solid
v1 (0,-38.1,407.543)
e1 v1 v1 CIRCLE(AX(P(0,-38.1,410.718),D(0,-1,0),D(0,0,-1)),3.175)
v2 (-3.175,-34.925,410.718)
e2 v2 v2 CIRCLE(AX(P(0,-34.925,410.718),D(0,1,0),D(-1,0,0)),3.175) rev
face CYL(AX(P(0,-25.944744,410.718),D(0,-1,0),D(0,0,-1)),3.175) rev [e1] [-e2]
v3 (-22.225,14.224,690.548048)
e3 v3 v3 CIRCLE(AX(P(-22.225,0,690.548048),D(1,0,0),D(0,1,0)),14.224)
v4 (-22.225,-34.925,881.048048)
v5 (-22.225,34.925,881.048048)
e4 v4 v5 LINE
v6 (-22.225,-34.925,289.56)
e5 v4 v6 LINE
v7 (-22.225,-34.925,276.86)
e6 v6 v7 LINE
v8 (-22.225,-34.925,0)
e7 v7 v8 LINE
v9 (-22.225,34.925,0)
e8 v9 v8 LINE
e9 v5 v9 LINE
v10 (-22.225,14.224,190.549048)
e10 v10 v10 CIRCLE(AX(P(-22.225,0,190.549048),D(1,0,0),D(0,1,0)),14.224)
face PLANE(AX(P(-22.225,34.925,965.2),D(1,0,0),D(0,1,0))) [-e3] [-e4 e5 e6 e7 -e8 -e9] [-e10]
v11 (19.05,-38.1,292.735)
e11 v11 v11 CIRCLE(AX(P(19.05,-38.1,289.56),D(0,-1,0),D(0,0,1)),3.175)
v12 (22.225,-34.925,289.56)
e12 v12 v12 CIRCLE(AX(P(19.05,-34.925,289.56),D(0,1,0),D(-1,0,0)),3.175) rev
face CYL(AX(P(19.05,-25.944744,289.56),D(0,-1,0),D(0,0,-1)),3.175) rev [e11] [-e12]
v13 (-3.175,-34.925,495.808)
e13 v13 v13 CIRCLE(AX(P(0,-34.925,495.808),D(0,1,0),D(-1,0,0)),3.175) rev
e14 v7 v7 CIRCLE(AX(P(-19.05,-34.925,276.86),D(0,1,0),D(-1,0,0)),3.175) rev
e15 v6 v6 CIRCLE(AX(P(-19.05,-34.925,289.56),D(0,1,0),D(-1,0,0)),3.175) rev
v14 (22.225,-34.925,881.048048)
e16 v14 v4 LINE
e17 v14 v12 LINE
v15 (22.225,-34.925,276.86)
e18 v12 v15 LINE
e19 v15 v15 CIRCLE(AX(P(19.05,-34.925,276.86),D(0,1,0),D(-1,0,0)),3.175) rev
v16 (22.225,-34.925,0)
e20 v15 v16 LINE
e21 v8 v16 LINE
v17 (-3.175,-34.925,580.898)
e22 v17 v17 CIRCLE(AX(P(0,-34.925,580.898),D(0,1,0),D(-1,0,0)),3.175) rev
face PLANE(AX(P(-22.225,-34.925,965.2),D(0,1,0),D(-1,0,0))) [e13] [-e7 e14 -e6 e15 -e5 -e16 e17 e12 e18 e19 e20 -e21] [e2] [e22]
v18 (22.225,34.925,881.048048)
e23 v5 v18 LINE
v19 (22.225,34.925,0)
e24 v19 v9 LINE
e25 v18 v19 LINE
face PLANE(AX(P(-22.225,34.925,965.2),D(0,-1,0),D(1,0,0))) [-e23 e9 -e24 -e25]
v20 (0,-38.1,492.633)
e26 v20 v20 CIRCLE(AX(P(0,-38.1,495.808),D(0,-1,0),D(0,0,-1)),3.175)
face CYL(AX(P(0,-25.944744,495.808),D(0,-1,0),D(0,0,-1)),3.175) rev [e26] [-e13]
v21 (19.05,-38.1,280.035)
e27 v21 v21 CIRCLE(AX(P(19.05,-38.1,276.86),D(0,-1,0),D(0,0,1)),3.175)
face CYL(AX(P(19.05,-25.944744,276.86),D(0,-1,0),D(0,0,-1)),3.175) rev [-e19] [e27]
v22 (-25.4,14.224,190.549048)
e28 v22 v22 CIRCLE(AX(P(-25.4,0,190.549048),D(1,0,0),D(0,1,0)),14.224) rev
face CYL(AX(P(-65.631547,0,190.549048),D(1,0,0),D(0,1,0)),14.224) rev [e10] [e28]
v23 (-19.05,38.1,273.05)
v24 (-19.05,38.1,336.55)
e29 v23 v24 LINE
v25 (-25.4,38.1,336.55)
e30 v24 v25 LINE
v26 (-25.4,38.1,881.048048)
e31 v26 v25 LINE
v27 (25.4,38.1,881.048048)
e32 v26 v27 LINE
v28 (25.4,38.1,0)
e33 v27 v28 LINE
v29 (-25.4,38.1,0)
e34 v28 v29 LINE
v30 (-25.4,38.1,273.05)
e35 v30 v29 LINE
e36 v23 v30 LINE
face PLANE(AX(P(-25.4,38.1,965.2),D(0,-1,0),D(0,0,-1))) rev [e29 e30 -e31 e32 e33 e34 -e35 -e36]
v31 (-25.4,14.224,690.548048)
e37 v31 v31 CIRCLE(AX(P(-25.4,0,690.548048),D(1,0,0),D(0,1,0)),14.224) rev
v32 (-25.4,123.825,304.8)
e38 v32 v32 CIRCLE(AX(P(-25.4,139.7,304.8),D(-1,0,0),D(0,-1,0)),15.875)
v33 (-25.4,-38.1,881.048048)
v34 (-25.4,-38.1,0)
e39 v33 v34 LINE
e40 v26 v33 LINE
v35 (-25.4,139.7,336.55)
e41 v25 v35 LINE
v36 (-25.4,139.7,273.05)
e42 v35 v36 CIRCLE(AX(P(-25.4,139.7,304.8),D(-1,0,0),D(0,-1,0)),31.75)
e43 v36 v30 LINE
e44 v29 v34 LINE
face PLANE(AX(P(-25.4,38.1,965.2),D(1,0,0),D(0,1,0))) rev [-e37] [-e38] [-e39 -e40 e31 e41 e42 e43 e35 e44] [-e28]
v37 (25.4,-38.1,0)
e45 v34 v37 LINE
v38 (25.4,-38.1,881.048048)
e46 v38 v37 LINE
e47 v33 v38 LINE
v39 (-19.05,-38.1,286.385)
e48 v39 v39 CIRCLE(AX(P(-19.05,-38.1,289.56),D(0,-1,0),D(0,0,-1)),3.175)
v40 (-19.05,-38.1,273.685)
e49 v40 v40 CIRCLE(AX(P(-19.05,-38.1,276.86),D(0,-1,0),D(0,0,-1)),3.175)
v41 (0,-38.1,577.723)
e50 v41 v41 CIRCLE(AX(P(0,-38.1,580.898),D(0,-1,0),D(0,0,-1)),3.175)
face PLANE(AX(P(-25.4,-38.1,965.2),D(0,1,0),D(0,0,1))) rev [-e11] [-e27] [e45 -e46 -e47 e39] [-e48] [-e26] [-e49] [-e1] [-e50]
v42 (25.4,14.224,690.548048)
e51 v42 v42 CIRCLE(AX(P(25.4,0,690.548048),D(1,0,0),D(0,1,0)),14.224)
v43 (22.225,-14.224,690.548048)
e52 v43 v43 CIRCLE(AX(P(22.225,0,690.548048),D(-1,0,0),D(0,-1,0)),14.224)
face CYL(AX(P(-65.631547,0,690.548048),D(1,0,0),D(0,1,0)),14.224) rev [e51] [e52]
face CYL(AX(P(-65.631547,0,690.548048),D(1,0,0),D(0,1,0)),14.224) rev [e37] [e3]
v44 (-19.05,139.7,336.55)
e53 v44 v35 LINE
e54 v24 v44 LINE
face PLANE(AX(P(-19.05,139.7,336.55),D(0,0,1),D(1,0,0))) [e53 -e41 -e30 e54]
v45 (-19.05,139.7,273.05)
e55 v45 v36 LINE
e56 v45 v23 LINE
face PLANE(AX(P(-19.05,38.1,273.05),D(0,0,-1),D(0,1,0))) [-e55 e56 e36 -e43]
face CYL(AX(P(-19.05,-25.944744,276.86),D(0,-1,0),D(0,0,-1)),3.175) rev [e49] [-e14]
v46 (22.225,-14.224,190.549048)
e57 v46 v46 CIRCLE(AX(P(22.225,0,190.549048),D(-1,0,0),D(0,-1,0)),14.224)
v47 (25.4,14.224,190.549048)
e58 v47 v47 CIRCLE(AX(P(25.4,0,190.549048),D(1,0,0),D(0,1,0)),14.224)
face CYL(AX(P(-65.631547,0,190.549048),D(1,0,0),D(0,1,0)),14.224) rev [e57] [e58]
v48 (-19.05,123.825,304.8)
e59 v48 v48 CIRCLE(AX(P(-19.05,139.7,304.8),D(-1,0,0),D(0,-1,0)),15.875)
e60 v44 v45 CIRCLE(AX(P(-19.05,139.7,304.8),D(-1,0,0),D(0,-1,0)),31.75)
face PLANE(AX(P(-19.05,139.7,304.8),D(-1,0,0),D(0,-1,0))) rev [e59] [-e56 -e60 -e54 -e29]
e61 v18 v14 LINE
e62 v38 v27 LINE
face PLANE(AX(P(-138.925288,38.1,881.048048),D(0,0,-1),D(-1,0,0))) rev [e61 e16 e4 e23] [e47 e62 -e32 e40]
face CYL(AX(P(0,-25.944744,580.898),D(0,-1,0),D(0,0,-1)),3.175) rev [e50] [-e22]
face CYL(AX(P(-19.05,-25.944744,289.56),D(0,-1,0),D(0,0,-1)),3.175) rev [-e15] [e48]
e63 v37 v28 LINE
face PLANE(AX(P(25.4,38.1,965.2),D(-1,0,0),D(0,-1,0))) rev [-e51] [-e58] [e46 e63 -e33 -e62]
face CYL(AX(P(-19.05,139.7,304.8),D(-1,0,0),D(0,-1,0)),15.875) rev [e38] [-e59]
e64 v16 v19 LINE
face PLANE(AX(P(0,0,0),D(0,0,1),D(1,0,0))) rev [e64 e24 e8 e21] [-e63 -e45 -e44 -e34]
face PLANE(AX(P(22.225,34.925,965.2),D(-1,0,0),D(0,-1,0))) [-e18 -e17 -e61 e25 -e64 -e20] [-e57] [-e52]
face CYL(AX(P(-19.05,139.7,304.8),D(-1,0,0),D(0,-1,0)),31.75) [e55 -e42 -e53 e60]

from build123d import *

# Parameters (mm, degrees)
SKETCH1_W           = 50.8
SKETCH1_H           = 76.2
SKETCH1_W_2         = 44.45
SKETCH1_H_2         = 69.85
BOSS_EXTRUDE1_DEPTH = 965.2
CUT_EXTRUDE1_REACH  = 969.287
SKETCH4_R           = 14.224
SKETCH5_R           = 3.175
CUT_EXTRUDE2_DEPTH  = 3.175
CUT_EXTRUDE3_REACH  = 969.287
SKETCH6_W           = 84.151951589
SKETCH6_H           = 76.2
SKETCH7_R           = 15.875
BOSS_EXTRUDE2_DEPTH = 6.35


with BuildPart() as part:
    # Sketch1 → Boss-Extrude1 (new body)
    with BuildSketch(Plane.XY):
        Rectangle(SKETCH1_W, SKETCH1_H)
        Rectangle(SKETCH1_W_2, SKETCH1_H_2, mode=Mode.SUBTRACT)
    extrude(amount=BOSS_EXTRUDE1_DEPTH)

    # Cut-Extrude1: up to this face of the body (flat: up to its plane)
    cut_extrude1_end = Plane(part.part.faces().sort_by_distance((-25.4, 0, 482.6))[0])
    # Sketch4 → Cut-Extrude1 (cut, up to the picked face)
    with BuildSketch(Plane(origin=(25.4, 0, 0), x_dir=(0, 0, -1), z_dir=(1, 0, 0)), mode=Mode.PRIVATE) as cut_extrude1_sk1:
        with Locations(Location((-690.548048411, 0, 0), (0, 0, 90))):
            Circle(SKETCH4_R)
    cut_extrude1_tool1 = split(extrude(cut_extrude1_sk1.sketch, amount=-CUT_EXTRUDE1_REACH, mode=Mode.PRIVATE), bisect_by=cut_extrude1_end, keep=Keep.BOTH, mode=Mode.PRIVATE)
    # Sketch4 → Cut-Extrude1 (cut, up to the picked face)
    with BuildSketch(Plane(origin=(25.4, 0, 0), x_dir=(0, 0, -1), z_dir=(1, 0, 0)), mode=Mode.PRIVATE) as cut_extrude1_sk2:
        with Locations(Location((-190.549048411, 0, 0), (0, 0, 90))):
            Circle(SKETCH4_R)
    cut_extrude1_tool2 = split(extrude(cut_extrude1_sk2.sketch, amount=-CUT_EXTRUDE1_REACH, mode=Mode.PRIVATE), bisect_by=cut_extrude1_end, keep=Keep.BOTH, mode=Mode.PRIVATE)
    add(cut_extrude1_tool1.solids().sort_by(Axis((25.4, 0, 690.548048), (-1, 0, 0)))[0], mode=Mode.SUBTRACT)
    add(cut_extrude1_tool2.solids().sort_by(Axis((25.4, 0, 190.549048), (-1, 0, 0)))[0], mode=Mode.SUBTRACT)

    # Sketch5 → Cut-Extrude2 (cut)
    with BuildSketch(Plane.XZ.offset(38.1)):
        with Locations(Location((-19.05, 276.86, 0), (0, 0, 270))):
            Circle(SKETCH5_R)
        with Locations(Location((-19.05, 289.56, 0), (0, 0, 270))):
            Circle(SKETCH5_R)
        with Locations((19.05, 276.86)):
            Circle(SKETCH5_R)
        with Locations((19.05, 289.56)):
            Circle(SKETCH5_R)
        with Locations(Location((0, 410.718, 0), (0, 0, 270))):
            Circle(SKETCH5_R)
        with Locations(Location((0, 580.898, 0), (0, 0, 270))):
            Circle(SKETCH5_R)
        with Locations(Location((0, 495.808, 0), (0, 0, 270))):
            Circle(SKETCH5_R)
    extrude(amount=-CUT_EXTRUDE2_DEPTH, mode=Mode.SUBTRACT)

    # Cut-Extrude3: up to this face of the body (flat: up to its plane)
    cut_extrude3_end = Plane(part.part.faces().sort_by_distance((-25.4, 0, 483.339612352))[0])
    # Sketch6 → Cut-Extrude3 (cut, up to the picked face)
    with BuildSketch(Plane(origin=(25.4, 0, 0), x_dir=(0, 0, -1), z_dir=(1, 0, 0)), mode=Mode.PRIVATE) as cut_extrude3_sk1:
        with Locations((-923.124024206, 0)):
            Rectangle(SKETCH6_W, SKETCH6_H)
    cut_extrude3_tool1 = split(extrude(cut_extrude3_sk1.sketch, amount=-CUT_EXTRUDE3_REACH, mode=Mode.PRIVATE), bisect_by=cut_extrude3_end, keep=Keep.BOTH, mode=Mode.PRIVATE)
    add(cut_extrude3_tool1.solids().sort_by(Axis((25.4, 0, 923.124024), (-1, 0, 0)))[0], mode=Mode.SUBTRACT)

    # Sketch7 → Boss-Extrude2 (add)
    with BuildSketch(Plane.ZY.offset(25.4)):
        with BuildLine():
            Line((336.55, 139.7), (336.55, 38.1))
            Line((336.55, 38.1), (273.05, 38.1))
            Line((273.05, 38.1), (273.05, 139.7))
            ThreePointArc((273.05, 139.7), (304.8, 171.45), (336.55, 139.7))
        make_face()
        with Locations(Location((304.8, 139.7, 0), (0, 0, 270))):
            Circle(SKETCH7_R, mode=Mode.SUBTRACT)
    extrude(amount=-BOSS_EXTRUDE2_DEPTH)


solid = part.part
